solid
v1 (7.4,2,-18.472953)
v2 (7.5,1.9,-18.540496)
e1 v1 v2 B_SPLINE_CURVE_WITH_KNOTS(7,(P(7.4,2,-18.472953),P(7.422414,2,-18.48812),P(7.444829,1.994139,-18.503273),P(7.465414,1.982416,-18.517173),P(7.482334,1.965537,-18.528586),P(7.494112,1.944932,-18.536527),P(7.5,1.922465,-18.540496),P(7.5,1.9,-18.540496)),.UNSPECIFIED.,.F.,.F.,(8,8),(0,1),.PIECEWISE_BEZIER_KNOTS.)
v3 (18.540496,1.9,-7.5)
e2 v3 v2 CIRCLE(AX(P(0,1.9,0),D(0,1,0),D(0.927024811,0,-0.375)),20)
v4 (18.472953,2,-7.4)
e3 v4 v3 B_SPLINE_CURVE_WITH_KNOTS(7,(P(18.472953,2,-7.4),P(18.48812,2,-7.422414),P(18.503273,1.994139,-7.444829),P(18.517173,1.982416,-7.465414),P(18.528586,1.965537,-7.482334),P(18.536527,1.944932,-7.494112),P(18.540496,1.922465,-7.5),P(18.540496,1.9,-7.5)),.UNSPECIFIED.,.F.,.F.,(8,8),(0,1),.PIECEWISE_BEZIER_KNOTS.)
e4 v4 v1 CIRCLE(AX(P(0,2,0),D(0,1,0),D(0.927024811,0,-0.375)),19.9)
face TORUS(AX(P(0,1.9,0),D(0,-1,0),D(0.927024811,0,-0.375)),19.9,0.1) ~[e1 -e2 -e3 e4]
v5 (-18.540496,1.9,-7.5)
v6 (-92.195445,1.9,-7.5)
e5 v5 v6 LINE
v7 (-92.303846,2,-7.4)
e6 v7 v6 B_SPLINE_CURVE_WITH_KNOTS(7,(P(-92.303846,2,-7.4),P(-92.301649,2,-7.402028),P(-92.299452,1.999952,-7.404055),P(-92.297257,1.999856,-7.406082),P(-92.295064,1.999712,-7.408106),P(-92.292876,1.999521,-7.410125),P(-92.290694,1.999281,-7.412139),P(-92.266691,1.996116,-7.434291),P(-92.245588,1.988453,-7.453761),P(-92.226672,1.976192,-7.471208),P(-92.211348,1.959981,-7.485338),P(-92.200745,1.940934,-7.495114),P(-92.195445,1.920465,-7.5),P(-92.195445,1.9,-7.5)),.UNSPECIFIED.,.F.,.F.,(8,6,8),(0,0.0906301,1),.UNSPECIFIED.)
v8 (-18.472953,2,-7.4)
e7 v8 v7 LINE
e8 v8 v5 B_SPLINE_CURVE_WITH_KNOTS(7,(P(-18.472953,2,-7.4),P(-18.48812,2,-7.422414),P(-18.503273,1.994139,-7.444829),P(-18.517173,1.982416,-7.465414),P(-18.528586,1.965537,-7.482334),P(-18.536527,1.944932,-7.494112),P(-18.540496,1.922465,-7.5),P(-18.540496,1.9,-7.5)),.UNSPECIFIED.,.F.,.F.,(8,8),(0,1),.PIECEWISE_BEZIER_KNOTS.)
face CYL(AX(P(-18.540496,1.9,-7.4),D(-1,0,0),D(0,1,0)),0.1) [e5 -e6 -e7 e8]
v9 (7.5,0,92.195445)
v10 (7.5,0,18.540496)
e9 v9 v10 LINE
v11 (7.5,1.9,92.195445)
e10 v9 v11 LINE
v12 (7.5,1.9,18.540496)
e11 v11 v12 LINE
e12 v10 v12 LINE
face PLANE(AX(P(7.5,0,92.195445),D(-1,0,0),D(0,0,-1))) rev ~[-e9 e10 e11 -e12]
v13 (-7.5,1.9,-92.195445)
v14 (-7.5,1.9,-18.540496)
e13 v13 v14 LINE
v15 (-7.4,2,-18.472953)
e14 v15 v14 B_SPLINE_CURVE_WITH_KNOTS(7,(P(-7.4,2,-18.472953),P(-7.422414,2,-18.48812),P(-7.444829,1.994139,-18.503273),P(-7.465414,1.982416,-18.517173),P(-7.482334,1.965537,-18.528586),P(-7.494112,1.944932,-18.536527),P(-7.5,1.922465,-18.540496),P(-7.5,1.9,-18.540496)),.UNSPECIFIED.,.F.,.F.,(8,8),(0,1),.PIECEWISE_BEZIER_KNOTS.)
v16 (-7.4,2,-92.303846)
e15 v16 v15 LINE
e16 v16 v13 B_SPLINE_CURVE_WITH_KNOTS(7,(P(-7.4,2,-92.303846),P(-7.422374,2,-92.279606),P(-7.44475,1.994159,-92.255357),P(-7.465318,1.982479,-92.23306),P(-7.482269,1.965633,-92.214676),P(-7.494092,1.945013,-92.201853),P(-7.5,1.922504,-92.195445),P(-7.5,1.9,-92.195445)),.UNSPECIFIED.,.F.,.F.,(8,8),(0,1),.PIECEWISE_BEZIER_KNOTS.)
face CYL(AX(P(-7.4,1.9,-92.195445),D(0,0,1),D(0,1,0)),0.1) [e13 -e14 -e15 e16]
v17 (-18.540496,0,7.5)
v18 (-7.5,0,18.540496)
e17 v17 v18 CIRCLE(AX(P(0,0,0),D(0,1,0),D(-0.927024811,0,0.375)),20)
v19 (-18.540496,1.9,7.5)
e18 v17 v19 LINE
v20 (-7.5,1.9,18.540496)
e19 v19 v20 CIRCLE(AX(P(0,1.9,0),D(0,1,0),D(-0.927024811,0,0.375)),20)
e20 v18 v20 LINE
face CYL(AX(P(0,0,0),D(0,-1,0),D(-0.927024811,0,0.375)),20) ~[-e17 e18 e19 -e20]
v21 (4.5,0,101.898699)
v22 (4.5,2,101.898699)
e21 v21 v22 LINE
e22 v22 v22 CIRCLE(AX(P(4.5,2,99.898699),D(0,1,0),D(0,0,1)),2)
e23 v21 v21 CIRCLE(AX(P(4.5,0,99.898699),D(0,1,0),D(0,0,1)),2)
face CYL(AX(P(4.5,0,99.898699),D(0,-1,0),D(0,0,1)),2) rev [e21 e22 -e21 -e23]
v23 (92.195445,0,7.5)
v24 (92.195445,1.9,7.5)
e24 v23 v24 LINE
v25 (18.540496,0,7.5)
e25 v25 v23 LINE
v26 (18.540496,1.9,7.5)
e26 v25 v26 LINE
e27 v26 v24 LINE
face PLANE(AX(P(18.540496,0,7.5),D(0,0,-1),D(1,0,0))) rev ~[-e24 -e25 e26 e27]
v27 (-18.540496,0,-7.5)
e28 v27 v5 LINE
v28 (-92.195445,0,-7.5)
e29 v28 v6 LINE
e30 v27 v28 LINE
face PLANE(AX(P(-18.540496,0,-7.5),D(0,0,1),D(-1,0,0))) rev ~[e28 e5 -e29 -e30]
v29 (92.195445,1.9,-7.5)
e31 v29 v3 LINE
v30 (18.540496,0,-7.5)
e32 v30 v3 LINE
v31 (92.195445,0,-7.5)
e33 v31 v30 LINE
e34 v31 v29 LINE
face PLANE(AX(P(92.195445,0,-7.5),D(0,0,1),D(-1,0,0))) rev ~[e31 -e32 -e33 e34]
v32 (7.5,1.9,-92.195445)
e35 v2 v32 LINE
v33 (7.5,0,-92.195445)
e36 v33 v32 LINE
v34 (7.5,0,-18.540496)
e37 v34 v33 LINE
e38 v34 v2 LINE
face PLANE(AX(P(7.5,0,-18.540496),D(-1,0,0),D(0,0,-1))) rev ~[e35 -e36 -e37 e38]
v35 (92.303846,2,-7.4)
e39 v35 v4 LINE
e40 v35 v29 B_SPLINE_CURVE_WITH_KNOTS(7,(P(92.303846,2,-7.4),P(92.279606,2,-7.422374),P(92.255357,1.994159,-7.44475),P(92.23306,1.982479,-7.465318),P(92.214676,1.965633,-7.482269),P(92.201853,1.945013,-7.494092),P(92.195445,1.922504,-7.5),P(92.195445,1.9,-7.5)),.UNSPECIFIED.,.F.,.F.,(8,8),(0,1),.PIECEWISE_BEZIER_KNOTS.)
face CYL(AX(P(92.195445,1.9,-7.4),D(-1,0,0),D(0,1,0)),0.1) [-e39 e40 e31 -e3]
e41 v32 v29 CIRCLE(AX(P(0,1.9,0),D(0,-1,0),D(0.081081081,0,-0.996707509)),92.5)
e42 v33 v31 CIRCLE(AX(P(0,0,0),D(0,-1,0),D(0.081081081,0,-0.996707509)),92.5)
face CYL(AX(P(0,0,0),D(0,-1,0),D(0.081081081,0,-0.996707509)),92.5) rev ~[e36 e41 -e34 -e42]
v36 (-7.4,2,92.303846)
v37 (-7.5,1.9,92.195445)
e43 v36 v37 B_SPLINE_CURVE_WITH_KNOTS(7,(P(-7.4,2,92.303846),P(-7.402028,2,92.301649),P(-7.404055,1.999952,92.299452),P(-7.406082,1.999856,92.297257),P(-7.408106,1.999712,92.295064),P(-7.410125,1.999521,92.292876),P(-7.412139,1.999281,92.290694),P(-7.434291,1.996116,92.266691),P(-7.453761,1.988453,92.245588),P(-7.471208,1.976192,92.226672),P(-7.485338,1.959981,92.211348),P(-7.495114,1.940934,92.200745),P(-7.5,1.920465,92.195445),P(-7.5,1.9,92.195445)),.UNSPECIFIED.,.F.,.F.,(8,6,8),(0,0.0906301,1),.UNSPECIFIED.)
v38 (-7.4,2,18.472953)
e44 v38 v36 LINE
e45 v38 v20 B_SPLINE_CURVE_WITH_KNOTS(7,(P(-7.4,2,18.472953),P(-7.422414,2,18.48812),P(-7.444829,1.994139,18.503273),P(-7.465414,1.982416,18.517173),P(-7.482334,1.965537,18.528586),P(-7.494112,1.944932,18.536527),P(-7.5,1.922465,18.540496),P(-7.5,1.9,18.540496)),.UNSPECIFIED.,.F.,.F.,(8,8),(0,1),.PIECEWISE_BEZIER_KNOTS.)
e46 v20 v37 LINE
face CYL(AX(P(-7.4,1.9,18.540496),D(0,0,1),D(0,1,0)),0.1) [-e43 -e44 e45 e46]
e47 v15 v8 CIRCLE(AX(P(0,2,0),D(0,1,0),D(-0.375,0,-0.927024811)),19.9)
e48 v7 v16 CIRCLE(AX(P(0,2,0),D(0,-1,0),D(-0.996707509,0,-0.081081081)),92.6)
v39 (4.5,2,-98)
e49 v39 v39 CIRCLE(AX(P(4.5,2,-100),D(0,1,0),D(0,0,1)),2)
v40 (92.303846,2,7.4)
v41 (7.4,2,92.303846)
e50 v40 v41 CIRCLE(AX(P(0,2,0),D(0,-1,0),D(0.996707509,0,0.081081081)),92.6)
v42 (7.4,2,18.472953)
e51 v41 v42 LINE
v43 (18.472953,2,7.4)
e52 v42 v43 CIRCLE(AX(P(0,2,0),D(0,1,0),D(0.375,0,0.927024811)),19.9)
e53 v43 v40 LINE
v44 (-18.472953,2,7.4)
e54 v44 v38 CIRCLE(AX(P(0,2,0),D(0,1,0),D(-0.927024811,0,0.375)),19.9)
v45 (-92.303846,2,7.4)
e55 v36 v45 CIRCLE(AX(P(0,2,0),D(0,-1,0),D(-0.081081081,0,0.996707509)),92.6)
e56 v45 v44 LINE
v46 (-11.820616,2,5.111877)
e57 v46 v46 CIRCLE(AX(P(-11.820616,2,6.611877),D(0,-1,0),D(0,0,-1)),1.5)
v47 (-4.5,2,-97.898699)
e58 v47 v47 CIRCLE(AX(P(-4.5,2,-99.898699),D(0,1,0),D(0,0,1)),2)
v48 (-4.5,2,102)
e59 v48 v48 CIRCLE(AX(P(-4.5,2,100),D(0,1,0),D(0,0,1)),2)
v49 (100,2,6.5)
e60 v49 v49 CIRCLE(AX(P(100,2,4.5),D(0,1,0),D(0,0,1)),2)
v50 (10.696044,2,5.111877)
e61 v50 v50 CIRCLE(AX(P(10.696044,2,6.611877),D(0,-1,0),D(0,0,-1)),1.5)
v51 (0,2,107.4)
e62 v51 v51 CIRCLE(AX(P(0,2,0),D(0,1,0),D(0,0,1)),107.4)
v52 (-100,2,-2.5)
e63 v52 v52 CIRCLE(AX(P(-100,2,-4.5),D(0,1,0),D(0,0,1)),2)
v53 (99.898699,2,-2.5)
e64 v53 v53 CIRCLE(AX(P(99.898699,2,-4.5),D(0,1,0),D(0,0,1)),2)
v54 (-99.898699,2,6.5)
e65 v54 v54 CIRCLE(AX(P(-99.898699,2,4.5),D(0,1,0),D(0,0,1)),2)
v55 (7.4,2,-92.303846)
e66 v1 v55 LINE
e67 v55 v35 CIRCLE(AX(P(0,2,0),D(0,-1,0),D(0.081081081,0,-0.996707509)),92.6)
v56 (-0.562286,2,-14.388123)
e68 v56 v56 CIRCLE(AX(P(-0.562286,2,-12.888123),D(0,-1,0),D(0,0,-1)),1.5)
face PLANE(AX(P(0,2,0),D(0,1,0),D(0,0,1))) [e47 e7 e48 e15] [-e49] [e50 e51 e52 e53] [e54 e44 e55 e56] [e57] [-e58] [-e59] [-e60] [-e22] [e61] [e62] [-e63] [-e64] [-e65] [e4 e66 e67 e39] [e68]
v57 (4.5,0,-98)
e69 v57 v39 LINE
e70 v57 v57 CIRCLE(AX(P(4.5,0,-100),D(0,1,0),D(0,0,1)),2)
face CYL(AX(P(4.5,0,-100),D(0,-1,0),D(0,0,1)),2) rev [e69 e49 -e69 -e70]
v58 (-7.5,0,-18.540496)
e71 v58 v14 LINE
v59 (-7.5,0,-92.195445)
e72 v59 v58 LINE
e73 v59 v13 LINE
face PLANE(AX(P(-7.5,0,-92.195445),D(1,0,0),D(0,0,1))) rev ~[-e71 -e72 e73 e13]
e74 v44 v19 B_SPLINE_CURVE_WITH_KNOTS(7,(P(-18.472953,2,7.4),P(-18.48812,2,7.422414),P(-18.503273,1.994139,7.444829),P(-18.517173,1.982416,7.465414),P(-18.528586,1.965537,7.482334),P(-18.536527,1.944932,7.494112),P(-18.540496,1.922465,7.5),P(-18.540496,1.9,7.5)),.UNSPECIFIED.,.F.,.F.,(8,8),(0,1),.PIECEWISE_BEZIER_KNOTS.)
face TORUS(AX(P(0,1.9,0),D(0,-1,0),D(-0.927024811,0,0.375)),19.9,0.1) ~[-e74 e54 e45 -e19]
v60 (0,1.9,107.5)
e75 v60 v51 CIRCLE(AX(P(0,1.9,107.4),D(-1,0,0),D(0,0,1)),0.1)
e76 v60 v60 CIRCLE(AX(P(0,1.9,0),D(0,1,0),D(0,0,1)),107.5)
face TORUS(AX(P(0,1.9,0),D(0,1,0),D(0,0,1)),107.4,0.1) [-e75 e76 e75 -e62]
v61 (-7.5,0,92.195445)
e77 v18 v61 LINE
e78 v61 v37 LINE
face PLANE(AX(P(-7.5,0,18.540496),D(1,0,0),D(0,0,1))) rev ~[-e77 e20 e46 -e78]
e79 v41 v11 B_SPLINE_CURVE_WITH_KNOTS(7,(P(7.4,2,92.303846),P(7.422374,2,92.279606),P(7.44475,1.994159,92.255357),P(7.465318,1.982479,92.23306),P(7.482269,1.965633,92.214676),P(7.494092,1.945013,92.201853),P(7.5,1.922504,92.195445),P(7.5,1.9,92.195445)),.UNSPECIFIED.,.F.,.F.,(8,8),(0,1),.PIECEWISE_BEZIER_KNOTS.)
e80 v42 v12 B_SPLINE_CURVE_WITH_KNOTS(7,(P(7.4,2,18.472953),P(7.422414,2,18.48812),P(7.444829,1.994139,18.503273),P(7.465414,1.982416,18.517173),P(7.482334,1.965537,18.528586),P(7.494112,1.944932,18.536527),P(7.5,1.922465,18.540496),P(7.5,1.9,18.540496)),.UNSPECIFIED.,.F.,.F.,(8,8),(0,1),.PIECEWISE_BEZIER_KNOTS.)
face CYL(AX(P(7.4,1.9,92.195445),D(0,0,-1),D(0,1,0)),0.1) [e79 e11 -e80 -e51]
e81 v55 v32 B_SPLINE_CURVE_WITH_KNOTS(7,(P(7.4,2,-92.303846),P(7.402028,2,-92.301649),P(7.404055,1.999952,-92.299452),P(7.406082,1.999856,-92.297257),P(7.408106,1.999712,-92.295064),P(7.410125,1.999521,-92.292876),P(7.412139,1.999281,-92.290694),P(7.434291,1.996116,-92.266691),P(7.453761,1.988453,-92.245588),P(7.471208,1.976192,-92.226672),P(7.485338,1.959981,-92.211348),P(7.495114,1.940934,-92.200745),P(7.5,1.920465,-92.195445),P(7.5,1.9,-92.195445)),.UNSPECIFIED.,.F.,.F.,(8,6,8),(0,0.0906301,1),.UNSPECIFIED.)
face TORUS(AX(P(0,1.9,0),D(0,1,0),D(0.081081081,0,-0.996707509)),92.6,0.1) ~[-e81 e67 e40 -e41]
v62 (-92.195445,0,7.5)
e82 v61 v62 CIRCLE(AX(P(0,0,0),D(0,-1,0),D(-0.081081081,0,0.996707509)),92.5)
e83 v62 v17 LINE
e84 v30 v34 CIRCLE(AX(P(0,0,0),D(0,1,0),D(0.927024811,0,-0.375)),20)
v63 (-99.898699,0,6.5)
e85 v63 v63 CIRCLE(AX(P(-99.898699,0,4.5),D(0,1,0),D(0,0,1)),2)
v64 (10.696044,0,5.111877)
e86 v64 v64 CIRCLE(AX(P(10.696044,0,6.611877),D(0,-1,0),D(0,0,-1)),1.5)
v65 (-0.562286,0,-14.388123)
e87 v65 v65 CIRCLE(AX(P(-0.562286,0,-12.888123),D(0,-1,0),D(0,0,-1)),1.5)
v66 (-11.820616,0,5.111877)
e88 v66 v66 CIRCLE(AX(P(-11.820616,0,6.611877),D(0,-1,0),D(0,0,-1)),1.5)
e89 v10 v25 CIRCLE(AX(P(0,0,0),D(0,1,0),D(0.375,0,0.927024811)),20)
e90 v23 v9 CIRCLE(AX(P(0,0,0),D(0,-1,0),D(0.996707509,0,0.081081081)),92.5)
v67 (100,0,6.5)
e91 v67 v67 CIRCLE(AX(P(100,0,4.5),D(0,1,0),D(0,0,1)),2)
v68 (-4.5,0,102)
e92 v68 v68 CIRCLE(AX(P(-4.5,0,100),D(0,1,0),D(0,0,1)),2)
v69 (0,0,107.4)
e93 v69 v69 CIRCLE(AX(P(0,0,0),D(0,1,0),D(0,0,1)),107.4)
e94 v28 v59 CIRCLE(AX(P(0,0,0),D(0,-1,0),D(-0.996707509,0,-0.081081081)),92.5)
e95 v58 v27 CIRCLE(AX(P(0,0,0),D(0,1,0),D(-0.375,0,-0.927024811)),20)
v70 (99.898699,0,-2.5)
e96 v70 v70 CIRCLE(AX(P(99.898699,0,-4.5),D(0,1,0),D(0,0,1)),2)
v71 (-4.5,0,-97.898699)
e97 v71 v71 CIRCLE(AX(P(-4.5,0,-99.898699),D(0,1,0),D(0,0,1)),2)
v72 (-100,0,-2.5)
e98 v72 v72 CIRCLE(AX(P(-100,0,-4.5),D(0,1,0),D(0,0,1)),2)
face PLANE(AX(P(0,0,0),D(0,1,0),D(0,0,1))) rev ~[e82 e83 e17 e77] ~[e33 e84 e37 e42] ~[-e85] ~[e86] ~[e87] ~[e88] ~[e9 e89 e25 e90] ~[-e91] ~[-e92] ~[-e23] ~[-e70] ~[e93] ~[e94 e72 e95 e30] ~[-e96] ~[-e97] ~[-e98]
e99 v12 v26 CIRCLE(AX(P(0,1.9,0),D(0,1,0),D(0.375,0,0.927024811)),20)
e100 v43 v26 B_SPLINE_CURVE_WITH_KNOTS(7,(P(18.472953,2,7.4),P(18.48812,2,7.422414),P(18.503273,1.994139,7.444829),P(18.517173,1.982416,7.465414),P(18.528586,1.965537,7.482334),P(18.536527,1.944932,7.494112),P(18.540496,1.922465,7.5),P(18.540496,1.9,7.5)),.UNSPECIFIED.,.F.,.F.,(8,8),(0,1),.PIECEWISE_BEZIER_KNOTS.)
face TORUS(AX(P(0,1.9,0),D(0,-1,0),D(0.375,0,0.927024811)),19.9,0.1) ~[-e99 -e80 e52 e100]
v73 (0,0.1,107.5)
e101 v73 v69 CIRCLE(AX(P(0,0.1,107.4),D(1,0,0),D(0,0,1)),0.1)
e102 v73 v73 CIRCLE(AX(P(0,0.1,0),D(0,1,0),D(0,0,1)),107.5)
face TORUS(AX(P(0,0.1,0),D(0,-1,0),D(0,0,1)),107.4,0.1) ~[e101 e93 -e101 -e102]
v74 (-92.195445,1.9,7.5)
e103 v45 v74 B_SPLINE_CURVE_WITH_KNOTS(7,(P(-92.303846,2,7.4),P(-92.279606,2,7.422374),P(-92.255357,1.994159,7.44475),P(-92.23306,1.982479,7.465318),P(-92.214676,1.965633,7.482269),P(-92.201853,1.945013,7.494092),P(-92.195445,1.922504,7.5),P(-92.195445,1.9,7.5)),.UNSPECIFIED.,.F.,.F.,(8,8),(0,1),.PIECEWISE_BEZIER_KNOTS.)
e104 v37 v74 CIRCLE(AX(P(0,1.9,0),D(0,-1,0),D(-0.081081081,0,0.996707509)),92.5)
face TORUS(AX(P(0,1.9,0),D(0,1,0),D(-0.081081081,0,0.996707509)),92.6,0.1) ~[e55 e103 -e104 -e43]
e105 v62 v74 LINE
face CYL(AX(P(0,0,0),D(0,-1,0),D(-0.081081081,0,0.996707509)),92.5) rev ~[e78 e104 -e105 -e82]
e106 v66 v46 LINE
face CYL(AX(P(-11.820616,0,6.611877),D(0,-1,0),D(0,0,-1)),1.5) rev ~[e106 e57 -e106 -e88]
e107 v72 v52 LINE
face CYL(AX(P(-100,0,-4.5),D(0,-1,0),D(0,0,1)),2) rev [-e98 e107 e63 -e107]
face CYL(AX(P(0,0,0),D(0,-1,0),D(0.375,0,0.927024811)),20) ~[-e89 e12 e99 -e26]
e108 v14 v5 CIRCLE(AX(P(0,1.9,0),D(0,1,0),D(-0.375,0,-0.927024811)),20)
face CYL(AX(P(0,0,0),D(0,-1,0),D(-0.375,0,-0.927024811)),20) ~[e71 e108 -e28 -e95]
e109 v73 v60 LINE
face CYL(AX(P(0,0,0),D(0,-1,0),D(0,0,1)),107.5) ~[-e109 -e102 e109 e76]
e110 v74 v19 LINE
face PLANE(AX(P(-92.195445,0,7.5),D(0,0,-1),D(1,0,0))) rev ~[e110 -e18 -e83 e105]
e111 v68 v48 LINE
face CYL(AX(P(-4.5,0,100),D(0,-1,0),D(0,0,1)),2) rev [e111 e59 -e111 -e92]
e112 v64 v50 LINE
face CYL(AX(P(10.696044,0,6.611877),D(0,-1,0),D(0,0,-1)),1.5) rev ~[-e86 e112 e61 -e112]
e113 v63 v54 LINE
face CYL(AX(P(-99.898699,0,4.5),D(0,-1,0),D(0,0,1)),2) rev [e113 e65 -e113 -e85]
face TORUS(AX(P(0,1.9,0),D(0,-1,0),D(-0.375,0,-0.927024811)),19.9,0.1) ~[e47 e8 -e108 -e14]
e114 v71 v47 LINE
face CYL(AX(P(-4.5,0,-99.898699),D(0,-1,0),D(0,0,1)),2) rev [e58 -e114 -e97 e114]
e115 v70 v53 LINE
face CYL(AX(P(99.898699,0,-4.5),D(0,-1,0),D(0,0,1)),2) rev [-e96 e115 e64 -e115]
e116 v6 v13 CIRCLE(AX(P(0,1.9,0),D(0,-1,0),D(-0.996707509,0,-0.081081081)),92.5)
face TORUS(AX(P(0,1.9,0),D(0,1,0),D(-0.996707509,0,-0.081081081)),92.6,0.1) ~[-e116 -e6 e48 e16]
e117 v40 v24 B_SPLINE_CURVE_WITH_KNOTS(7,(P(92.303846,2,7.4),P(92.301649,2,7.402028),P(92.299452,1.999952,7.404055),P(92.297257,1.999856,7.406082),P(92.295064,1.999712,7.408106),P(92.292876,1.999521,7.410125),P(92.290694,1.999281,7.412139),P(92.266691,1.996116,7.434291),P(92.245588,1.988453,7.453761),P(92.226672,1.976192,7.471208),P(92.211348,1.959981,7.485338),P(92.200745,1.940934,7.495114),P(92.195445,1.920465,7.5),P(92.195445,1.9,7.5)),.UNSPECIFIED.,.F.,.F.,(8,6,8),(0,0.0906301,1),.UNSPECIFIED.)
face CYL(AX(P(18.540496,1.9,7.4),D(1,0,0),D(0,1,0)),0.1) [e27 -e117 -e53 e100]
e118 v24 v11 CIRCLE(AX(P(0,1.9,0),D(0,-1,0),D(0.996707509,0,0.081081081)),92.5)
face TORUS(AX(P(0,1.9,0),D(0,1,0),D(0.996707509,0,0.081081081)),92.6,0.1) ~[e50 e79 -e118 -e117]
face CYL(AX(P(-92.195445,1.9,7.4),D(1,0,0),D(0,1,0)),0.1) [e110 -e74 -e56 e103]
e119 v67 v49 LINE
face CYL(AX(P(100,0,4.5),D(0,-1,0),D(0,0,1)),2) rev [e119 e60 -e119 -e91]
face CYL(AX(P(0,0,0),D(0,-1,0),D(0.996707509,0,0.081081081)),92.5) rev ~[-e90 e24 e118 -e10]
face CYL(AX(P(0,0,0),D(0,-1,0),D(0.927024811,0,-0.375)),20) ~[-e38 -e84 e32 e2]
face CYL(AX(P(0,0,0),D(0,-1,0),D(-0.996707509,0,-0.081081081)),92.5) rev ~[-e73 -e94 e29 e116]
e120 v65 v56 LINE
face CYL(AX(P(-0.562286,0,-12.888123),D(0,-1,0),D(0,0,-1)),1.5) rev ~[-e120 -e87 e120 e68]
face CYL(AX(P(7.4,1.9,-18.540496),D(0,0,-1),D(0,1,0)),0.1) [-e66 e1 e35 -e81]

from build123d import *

# Parameters (mm, degrees)
SKETCH1_R           = 107.5
SKETCH1_R_2         = 2
BOSS_EXTRUDE1_DEPTH = 2
SKETCH2_R           = 1.5
CUT_EXTRUDE1_DEPTH  = 153.041112861
FILLET1_R           = 0.1


with BuildPart() as part:
    # Sketch1 → Boss-Extrude1 (new body)
    with BuildSketch(Plane(origin=(0, 0, 0), x_dir=(1, 0, 0), z_dir=(0, 1, 0))):
        with Locations(Location((0, 0, 0), (0, 0, 270))):
            Circle(SKETCH1_R)
        with Locations(Location((-4.5, -100, 0), (0, 0, 270))):
            Circle(SKETCH1_R_2, mode=Mode.SUBTRACT)
        with Locations(Location((-99.89869869, -4.5, 0), (0, 0, 270))):
            Circle(SKETCH1_R_2, mode=Mode.SUBTRACT)
        with BuildLine():
            ThreePointArc((-7.5, -92.195444573), (-65.40737726, -65.40737726), (-92.195444573, -7.5))
            Line((-92.195444573, -7.5), (-18.540496218, -7.5))
            ThreePointArc((-18.540496218, -7.5), (-14.142135624, -14.142135624), (-7.5, -18.540496218))
            Line((-7.5, -18.540496218), (-7.5, -92.195444573))
        make_face(mode=Mode.SUBTRACT)
        with Locations(Location((4.5, -99.89869869, 0), (0, 0, 270))):
            Circle(SKETCH1_R_2, mode=Mode.SUBTRACT)
        with BuildLine():
            Line((7.5, -92.195444573), (7.5, -18.540496218))
            ThreePointArc((7.5, -18.540496218), (14.142135624, -14.142135624), (18.540496218, -7.5))
            Line((18.540496218, -7.5), (92.195444573, -7.5))
            ThreePointArc((92.195444573, -7.5), (65.40737726, -65.40737726), (7.5, -92.195444573))
        make_face(mode=Mode.SUBTRACT)
        with Locations(Location((100, -4.5, 0), (0, 0, 270))):
            Circle(SKETCH1_R_2, mode=Mode.SUBTRACT)
        with Locations(Location((-100, 4.5, 0), (0, 0, 270))):
            Circle(SKETCH1_R_2, mode=Mode.SUBTRACT)
        with BuildLine():
            ThreePointArc((-92.195444573, 7.5), (-65.40737726, 65.40737726), (-7.5, 92.195444573))
            Line((-7.5, 92.195444573), (-7.5, 18.540496218))
            ThreePointArc((-7.5, 18.540496218), (-14.142135624, 14.142135624), (-18.540496218, 7.5))
            Line((-18.540496218, 7.5), (-92.195444573, 7.5))
        make_face(mode=Mode.SUBTRACT)
        with Locations(Location((-4.5, 99.89869869, 0), (0, 0, 270))):
            Circle(SKETCH1_R_2, mode=Mode.SUBTRACT)
        with BuildLine():
            Line((7.5, 18.540496218), (7.5, 92.195444573))
            ThreePointArc((7.5, 92.195444573), (65.40737726, 65.40737726), (92.195444573, 7.5))
            Line((92.195444573, 7.5), (18.540496218, 7.5))
            ThreePointArc((18.540496218, 7.5), (14.142135624, 14.142135624), (7.5, 18.540496218))
        make_face(mode=Mode.SUBTRACT)
        with Locations(Location((99.89869869, 4.5, 0), (0, 0, 270))):
            Circle(SKETCH1_R_2, mode=Mode.SUBTRACT)
        with Locations(Location((4.5, 100, 0), (0, 0, 270))):
            Circle(SKETCH1_R_2, mode=Mode.SUBTRACT)
    extrude(amount=BOSS_EXTRUDE1_DEPTH)

    # Sketch2 → Cut-Extrude1 (cut, through all)
    with BuildSketch(Plane.XZ):
        with Locations(Location((-11.820616269, 6.611877399, 0), (0, 0, 270))):
            Circle(SKETCH2_R)
        with Locations(Location((-0.56228602, -12.888122601, 0), (0, 0, 270))):
            Circle(SKETCH2_R)
        with Locations(Location((10.696044229, 6.611877399, 0), (0, 0, 270))):
            Circle(SKETCH2_R)
    extrude(amount=-CUT_EXTRUDE1_DEPTH, mode=Mode.SUBTRACT)

    # Fillet1
    fillet1_edges = [part.edges().sort_by_distance(p)[0] for p in [
        (7.5, 2, 55.367970395),
        (14.142135624, 2, 14.142135624),
        (55.367970395, 2, 7.5),
        (0, 2, -107.5),
        (-65.40737726, 2, -65.40737726),
        (-7.5, 2, -55.367970395),
        (-14.142135624, 2, -14.142135624),
        (0, 0, -107.5),
        (-55.367970395, 2, -7.5),
        (7.5, 2, -55.367970395),
        (65.40737726, 2, -65.40737726),
        (55.367970395, 2, -7.5),
        (14.142135624, 2, -14.142135624),
        (-65.40737726, 2, 65.40737726),
        (-55.367970395, 2, 7.5),
        (-14.142135624, 2, 14.142135624),
        (-7.5, 2, 55.367970395),
        (65.40737726, 2, 65.40737726),
    ]]
    fillet(fillet1_edges, radius=FILLET1_R)


solid = part.part
